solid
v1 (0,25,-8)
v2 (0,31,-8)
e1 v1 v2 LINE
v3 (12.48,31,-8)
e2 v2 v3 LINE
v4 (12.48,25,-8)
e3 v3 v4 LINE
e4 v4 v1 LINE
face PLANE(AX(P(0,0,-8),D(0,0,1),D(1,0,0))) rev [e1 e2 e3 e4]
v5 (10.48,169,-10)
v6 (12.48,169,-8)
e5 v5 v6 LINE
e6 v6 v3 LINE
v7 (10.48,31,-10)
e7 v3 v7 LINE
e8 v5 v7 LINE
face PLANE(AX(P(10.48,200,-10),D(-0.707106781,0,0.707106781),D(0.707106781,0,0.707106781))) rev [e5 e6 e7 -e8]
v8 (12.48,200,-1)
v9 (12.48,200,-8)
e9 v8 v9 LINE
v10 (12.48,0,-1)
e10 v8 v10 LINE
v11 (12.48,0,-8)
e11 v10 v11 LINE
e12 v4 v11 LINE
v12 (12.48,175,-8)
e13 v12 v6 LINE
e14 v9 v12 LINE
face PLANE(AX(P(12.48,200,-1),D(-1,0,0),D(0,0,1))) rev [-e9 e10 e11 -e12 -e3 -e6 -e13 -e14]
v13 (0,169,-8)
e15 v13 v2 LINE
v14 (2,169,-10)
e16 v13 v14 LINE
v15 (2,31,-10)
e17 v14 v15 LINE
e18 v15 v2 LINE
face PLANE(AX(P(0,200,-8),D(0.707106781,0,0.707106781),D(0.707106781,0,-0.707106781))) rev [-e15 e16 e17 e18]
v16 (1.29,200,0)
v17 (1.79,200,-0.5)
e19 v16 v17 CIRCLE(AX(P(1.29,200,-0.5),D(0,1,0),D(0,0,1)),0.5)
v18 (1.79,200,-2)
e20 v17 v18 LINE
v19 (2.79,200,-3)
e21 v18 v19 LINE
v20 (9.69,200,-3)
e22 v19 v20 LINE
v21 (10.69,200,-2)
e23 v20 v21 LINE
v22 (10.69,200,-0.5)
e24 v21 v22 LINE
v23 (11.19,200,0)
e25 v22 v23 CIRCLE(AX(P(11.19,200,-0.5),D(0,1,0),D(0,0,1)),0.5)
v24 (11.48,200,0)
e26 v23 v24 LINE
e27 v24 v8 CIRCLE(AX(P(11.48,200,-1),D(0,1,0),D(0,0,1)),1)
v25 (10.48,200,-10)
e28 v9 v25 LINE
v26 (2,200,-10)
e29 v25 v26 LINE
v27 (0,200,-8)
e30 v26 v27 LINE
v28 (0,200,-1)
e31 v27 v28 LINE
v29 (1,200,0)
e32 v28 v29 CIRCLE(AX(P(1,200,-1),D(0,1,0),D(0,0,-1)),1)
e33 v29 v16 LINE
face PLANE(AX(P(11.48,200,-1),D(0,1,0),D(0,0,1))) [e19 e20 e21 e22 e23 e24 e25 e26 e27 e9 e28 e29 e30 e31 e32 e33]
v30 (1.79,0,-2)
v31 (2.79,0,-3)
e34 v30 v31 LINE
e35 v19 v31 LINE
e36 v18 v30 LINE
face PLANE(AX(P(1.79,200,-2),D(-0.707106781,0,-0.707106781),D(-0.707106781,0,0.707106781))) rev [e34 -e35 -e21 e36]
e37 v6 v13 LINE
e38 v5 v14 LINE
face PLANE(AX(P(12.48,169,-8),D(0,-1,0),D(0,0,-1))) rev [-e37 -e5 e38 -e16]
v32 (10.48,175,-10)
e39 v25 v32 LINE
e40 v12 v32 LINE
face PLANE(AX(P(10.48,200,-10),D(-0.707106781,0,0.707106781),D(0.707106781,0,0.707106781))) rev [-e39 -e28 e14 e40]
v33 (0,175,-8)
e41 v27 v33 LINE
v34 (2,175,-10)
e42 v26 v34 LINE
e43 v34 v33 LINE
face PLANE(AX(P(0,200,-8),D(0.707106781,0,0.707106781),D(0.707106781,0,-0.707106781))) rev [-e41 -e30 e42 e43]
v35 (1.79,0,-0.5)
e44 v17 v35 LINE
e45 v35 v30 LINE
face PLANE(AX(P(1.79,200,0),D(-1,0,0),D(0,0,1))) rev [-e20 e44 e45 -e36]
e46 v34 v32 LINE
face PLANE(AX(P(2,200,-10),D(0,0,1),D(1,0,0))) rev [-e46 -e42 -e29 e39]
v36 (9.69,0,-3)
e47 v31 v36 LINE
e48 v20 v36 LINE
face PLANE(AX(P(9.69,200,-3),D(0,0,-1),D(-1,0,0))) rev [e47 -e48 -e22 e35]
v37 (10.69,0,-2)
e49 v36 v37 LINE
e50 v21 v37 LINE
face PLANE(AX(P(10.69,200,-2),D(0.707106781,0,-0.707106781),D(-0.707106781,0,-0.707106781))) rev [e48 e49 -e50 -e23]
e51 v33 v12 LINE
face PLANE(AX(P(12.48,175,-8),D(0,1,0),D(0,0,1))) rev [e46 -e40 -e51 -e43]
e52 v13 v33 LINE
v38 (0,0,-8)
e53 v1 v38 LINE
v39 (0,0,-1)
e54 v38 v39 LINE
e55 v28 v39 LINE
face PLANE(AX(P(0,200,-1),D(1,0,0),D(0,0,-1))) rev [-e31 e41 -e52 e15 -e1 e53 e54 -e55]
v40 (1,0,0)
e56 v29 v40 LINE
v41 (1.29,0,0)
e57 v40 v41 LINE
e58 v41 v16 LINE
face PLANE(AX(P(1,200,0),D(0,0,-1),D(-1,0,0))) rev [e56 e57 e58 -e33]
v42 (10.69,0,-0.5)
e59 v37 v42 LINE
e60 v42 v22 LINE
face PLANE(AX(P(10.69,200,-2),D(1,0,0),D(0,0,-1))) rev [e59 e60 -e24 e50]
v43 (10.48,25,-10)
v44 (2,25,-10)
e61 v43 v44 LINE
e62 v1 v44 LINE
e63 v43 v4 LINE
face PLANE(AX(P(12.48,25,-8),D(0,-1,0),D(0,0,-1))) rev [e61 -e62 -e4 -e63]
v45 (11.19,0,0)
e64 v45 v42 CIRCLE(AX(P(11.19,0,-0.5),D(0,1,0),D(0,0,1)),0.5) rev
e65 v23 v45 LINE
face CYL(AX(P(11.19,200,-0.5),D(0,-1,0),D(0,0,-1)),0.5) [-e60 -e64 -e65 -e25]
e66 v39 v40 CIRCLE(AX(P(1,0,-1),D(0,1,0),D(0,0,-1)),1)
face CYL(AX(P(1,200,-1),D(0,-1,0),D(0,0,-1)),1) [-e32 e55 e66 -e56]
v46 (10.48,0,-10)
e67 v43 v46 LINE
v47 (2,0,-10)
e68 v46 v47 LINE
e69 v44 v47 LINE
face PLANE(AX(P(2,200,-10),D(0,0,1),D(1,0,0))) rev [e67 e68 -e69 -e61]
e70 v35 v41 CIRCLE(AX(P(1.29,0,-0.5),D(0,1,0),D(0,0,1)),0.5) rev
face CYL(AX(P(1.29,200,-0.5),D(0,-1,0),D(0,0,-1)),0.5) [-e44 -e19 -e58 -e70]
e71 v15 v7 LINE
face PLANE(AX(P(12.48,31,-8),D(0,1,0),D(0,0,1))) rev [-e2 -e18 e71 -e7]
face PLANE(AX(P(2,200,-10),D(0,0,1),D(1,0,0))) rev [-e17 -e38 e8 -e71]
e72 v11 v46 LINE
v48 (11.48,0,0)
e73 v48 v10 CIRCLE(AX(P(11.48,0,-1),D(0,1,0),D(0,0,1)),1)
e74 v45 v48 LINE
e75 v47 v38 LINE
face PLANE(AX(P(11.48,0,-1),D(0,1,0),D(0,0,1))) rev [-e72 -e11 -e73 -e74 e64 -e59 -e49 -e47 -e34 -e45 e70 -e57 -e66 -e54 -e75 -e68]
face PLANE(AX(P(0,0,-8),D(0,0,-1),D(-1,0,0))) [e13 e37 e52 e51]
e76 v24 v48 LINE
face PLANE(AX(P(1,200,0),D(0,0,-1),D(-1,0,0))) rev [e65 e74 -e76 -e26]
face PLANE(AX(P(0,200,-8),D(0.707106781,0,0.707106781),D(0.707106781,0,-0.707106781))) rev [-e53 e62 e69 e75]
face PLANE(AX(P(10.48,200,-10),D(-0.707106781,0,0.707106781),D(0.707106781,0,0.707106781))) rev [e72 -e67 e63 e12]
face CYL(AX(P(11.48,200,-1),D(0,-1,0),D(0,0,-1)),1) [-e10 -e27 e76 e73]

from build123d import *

# Parameters (mm, degrees)
BOSS_EXTRUDE1_DEPTH = 200
SKETCH2_W           = 12.48
SKETCH2_H           = 6
CUT_EXTRUDE1_DEPTH  = 2
CUT_EXTRUDE2_DEPTH  = 201
FILLET1_R           = 0.5


with BuildPart() as part:
    # Sketch1 → Boss-Extrude1 (new body)
    with BuildSketch(Plane(origin=(0, 0, 0), x_dir=(1, 0, 0), z_dir=(0, 1, 0))):
        with BuildLine():
            Line((0, 8), (2, 10))
            Line((2, 10), (10.48, 10))
            Line((10.48, 10), (12.48, 8))
            Line((12.48, 8), (12.48, 1))
            ThreePointArc((12.48, 1), (12.187106781, 0.292893219), (11.48, 0))
            Line((11.48, 0), (1, 0))
            ThreePointArc((1, 0), (0.292893219, 0.292893219), (0, 1))
            Line((0, 1), (0, 8))
        make_face()
    extrude(amount=BOSS_EXTRUDE1_DEPTH)

    # Sketch2 → Cut-Extrude1 (cut)
    with BuildSketch(Plane(origin=(0, 0, -10), x_dir=(-1, 0, 0), z_dir=(0, 0, -1))):
        with Locations((-6.24, 172)):
            Rectangle(SKETCH2_W, SKETCH2_H)
        with Locations((-6.24, 28)):
            Rectangle(SKETCH2_W, SKETCH2_H)
    extrude(amount=-CUT_EXTRUDE1_DEPTH, mode=Mode.SUBTRACT)

    # Sketch3 → Cut-Extrude2 (cut, through all)
    with BuildSketch(Plane.XZ):
        Polygon((1.79, 0), (1.79, -2), (2.79, -3), (9.69, -3), (10.69, -2), (10.69, 0), align=None)
    extrude(amount=-CUT_EXTRUDE2_DEPTH, mode=Mode.SUBTRACT)

    # Fillet1
    fillet1_edges = [part.edges().sort_by_distance(p)[0] for p in [
        (1.79, 100, 0),
        (10.69, 100, 0),
    ]]
    fillet(fillet1_edges, radius=FILLET1_R)


solid = part.part
